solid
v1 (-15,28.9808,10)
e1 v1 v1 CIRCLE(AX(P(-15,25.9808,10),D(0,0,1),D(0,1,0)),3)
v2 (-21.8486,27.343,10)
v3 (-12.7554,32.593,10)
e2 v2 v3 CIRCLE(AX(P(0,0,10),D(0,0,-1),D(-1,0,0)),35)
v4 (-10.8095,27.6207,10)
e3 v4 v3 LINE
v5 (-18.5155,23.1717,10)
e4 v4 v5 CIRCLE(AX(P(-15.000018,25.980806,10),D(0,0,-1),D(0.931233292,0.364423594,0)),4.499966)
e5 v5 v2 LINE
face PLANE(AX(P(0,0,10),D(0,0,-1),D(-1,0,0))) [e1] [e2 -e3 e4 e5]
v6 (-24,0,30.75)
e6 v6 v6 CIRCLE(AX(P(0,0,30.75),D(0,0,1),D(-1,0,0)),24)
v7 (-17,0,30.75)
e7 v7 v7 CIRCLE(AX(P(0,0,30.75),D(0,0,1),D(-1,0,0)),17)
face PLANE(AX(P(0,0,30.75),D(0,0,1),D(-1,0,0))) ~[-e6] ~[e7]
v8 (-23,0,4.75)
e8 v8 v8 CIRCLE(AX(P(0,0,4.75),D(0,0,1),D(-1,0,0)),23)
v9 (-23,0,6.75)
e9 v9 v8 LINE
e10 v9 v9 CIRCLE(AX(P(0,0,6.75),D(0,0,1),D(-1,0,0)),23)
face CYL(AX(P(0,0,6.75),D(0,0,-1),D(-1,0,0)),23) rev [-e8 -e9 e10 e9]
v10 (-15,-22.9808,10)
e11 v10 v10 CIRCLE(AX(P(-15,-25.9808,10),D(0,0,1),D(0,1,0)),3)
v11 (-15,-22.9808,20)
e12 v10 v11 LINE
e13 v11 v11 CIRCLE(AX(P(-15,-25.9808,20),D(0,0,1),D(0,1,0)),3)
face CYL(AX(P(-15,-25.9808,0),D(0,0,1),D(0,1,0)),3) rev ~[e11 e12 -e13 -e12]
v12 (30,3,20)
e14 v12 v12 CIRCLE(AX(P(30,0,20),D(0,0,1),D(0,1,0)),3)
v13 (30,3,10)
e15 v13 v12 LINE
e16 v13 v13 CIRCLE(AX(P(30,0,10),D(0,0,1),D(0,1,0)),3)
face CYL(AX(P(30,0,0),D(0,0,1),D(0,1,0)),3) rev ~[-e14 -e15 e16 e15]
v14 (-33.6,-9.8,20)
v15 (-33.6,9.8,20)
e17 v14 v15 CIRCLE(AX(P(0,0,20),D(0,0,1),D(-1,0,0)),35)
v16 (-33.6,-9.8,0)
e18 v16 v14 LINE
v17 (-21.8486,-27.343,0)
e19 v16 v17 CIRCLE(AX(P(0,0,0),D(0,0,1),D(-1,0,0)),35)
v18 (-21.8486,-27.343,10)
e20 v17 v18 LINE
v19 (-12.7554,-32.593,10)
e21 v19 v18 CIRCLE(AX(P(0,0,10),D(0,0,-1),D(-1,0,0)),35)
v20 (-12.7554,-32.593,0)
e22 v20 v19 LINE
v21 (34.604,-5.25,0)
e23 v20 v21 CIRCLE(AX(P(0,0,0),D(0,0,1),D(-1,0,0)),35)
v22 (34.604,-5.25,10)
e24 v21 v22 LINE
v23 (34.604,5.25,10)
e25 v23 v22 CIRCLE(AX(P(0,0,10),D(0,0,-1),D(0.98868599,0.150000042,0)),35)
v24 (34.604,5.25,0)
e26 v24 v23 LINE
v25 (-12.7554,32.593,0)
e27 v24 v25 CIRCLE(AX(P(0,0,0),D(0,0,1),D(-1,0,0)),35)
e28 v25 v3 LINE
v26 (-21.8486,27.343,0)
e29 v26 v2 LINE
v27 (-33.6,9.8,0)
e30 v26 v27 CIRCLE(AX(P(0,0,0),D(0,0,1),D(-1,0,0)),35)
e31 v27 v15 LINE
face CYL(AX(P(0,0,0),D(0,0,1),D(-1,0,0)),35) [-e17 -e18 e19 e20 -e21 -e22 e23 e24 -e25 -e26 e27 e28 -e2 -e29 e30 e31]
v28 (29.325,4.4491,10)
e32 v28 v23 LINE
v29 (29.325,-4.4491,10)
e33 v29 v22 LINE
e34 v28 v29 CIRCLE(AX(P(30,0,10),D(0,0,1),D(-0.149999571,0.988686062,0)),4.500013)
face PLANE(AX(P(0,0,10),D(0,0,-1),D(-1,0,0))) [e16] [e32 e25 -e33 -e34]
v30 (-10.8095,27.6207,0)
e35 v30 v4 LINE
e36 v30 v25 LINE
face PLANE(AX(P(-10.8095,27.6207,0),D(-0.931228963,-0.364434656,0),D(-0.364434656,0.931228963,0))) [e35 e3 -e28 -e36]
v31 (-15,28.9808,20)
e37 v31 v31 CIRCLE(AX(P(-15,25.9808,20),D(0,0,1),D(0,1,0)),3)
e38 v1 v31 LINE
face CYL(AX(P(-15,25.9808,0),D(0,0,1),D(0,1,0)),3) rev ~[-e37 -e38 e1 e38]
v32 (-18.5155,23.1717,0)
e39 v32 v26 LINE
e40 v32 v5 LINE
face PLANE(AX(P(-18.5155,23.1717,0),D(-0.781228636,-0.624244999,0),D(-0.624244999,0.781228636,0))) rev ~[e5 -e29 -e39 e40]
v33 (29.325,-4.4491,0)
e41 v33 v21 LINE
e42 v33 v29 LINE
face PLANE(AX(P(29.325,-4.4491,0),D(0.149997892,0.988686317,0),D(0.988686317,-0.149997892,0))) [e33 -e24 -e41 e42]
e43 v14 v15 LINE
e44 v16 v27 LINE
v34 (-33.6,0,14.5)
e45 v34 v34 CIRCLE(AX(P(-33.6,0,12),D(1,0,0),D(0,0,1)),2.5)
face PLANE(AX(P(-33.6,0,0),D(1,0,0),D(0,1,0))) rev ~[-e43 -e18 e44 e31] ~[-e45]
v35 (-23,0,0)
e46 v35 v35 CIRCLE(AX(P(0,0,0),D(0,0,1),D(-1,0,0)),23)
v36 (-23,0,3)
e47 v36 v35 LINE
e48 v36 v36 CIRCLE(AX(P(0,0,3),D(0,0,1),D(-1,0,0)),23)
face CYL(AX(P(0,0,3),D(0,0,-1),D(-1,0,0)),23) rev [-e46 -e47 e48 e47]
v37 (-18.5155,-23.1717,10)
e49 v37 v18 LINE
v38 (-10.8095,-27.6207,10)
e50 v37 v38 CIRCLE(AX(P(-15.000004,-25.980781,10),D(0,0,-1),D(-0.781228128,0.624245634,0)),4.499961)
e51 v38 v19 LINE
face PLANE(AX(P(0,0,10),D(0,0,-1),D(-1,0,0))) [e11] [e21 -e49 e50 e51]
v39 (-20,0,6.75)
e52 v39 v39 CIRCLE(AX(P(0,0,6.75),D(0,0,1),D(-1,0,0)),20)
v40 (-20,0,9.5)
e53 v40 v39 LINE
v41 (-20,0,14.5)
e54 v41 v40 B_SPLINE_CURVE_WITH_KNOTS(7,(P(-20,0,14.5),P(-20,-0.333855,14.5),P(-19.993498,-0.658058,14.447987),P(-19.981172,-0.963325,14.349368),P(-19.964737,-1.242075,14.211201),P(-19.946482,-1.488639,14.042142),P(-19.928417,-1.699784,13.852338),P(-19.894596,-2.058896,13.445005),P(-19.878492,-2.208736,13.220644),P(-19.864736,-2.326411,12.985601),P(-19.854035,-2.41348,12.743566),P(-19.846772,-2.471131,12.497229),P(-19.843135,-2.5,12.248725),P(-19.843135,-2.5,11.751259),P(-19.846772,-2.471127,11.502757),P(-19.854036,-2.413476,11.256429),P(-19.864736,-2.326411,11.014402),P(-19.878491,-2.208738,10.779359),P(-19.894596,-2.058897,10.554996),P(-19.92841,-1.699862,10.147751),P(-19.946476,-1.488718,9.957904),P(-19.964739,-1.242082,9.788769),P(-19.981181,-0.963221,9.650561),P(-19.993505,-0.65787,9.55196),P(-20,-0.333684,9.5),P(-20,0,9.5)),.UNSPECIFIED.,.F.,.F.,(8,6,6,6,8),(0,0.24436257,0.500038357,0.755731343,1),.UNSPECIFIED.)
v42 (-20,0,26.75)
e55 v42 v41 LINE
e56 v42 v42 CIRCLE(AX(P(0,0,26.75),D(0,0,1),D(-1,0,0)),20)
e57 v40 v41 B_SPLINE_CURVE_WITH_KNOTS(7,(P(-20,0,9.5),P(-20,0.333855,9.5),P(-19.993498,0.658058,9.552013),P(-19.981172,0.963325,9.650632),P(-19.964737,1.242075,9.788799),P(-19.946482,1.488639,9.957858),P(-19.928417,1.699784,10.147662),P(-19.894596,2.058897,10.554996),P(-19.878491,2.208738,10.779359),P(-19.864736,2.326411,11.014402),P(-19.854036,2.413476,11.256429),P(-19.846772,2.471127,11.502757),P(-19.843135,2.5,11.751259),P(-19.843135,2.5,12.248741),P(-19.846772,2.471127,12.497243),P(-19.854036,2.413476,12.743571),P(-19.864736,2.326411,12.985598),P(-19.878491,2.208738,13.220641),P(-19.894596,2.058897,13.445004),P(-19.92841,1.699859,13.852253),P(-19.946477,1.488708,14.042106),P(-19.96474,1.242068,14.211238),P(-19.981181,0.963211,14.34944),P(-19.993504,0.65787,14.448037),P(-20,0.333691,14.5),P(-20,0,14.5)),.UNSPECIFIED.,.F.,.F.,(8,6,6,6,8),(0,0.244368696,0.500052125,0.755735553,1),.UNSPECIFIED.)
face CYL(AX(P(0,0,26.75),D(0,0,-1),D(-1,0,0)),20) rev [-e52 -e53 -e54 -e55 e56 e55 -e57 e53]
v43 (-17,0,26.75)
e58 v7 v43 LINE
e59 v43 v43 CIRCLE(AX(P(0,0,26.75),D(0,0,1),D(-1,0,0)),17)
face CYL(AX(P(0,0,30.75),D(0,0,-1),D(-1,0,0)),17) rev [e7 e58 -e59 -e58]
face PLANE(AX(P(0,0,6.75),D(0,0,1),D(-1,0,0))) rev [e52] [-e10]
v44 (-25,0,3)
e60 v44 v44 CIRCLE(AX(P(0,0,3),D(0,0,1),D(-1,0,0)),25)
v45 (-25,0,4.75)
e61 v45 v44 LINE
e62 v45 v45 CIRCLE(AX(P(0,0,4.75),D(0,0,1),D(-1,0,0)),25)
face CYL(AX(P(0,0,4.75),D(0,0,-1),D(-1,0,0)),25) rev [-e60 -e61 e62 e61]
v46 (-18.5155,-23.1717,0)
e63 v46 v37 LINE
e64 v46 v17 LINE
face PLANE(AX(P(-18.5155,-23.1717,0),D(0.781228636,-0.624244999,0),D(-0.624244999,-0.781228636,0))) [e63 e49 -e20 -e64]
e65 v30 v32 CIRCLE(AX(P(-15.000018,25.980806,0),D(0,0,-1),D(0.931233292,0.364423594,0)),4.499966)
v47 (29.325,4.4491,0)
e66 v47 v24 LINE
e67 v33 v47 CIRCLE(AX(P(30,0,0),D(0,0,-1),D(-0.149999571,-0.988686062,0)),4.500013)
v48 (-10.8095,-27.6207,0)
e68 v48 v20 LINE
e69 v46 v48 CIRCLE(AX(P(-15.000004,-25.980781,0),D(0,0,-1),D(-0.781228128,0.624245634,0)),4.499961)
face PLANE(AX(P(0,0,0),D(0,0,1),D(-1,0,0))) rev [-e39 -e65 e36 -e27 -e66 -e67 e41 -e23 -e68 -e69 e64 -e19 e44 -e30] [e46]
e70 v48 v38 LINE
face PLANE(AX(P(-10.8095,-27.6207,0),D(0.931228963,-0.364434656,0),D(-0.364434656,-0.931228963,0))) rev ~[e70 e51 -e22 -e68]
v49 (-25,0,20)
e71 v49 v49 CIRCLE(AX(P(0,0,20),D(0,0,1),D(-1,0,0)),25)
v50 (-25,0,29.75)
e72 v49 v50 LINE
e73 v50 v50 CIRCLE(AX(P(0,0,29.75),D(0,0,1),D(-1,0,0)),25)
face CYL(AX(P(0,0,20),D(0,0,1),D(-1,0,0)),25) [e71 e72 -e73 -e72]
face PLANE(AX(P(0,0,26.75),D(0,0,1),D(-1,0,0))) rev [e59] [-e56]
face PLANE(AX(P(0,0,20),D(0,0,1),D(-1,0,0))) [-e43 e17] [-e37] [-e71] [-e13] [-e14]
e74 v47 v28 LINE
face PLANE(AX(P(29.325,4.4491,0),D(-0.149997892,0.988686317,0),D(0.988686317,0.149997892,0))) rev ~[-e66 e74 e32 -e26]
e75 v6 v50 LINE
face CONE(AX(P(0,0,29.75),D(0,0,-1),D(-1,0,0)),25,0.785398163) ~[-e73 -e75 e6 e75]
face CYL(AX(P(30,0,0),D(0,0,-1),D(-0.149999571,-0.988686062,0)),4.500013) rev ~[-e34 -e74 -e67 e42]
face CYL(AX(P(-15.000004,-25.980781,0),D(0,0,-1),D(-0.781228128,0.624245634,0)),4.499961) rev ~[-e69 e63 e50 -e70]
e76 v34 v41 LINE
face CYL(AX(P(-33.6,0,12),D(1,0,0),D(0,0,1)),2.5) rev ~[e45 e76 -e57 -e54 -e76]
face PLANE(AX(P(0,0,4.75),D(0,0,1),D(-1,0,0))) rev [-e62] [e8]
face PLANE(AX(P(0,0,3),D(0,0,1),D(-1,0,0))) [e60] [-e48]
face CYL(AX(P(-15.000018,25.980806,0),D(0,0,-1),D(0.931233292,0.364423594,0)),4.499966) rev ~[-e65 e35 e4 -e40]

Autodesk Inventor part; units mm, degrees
ref_plane "XZ Plane" through (0, 0, 0) normal (0, 1, 0) x (-1, 0, 0)
ref_plane "XY Plane" through (0, 0, 0) normal (0, 0, 1) x (1, 0, 0)
sketch "Skizze1" plane through (0, 0, 0) normal (0, 1, 0) x (-1, 0, 0)
  line L0 (17, 30.75) -> (17, 26.75)
  line L1 (17, 26.75) -> (20, 26.75)
  line L2 (20, 26.75) -> (20, 6.75)
  line L3 (23, 0) -> (35, 0)
  line L4 (35, 0) -> (35, 20)
  line L5 (35, 20) -> (25, 20)
  line L6 (25, 20) -> (25, 30.75)
  line L7 (17, 30.75) -> (25, 30.75)
  line L8 (0, 0) -> (0, 48.4152)
  line L9 (20, 6.75) -> (23, 6.75)
  line L10 (23, 6.75) -> (23, 4.75)
  line L11 (23, 4.75) -> (25, 4.75)
  line L12 (25, 4.75) -> (25, 3)
  line L13 (25, 3) -> (23, 3)
  line L14 (23, 3) -> (23, 0)
  point P0 (17, 4)
  dimension "d1" = 40
  dimension "d3" = 20
  dimension "d4" = 70
  dimension "d5" = 50
  dimension "d7" = 4
  dimension "d10" = 2
  dimension "d11" = 1.75
  dimension "d12" = 3
  dimension "d13" = 3
  dimension "d14" = 2
  dimension "d15" = 34
  dimension "d16" = 20
revolve "Umdrehung1" add sketch "Skizze1" angle 360 about axis through (0, 0, 0) along (0, 0, 1)
sketch "Skizze2" plane through (0, 0, 0) normal (0, 0, -1) x (-1, 0, 0)
  circle A0 centre (0, 0) radius 23 projected
  circle A1 centre (0, 0) radius 35 projected
  arc A2 (-29.325, -4.4491) -> (-29.325, 4.4491) centre (-30, 0) ccw
  line L0 (-29.325, 4.4491) -> (-34.604, 5.25)
  line L1 (-29.325, -4.4491) -> (-34.604, -5.25)
  line L2 (49, 0) -> (-49, 0) projected
  line L3 (10.8095, -27.6207) -> (12.7554, -32.593)
  arc A3 (18.5155, -23.1717) -> (10.8095, -27.6207) centre (15, -25.9808) ccw
  line L4 (18.5155, -23.1717) -> (21.8486, -27.343)
  line L5 (18.5155, 23.1717) -> (21.8486, 27.343)
  arc A4 (10.8095, 27.6207) -> (18.5155, 23.1717) centre (15, 25.9808) ccw
  line L6 (10.8095, 27.6207) -> (12.7554, 32.593)
  arc A5 (21.8486, 27.343) -> (12.7554, 32.593) centre (0, 0) ccw
  arc A6 (12.7554, -32.593) -> (21.8486, -27.343) centre (0, 0) ccw
  arc A7 (-34.604, 5.25) -> (-34.604, -5.25) centre (0, 0) ccw
  dimension "d17" = 30
  dimension "d18" = 4.5
  dimension "d21" = 360
extrude "Extrusion1" cut sketch "Skizze2" against normal blind 10 contours L2 A1 L0 A2 | A2 L1 A1 L2 | L5 A4 L6 A1 | A1 L3 A3 L4
sketch "Skizze3" plane through (0, 0, 0) normal (0, 0, -1) x (-1, 0, 0)
  arc A0 (10.8095, 27.6207) -> (18.5155, 23.1717) centre (15, 25.9808) ccw projected
  arc A1 (-29.325, -4.4491) -> (-29.325, 4.4491) centre (-30, 0) ccw projected
  arc A2 (18.5155, -23.1717) -> (10.8095, -27.6207) centre (15, -25.9808) ccw projected
  point P0 (-30, 0)
  point P1 (15, 25.9808)
  point P2 (15, -25.9808)
hole "Bohrung1" at (30, 0, 0) at (-15, 25.9808, 0) at (-15, -25.9808, 0) direction (0, 0, 1) diameter 6 end through all
ref_plane "Arbeitsebene1" through (-40, 0, 0) normal (1, 0, 0) x (0, 1, 0)
sketch "Skizze4" plane through (-40, 0, 0) normal (1, 0, 0) x (0, 1, 0)
  line L0 (-25, 20) -> (25, 20) projected
  line L1 (10, 20) -> (-10, 20)
  line L2 (-10, 20) -> (-10, 0)
  line L3 (-10, 0) -> (10, 0)
  line L4 (10, 0) -> (10, 20)
  line L5 (-27.343, 0) -> (27.343, 0) projected
  line L6 (0, -4) -> (0, 24) projected
  point P0 (0, 0)
extrude "Extrusion2" cut sketch "Skizze4" along normal blind 6.4
sketch "Skizze5" plane through (-33.6, 0, 0) normal (-1, 0, 0) x (0, 0, 1)
  line L0 (-6.15, 0) -> (36.9, 0) projected
  line L1 (0, -9.8) -> (0, 9.8) projected
  point P0 (0, 0)
  point P1 (12, 0)
  dimension "d47" = 12
hole "Bohrung2" at (-33.6, 0, 12) direction (1, 0, 0) diameter 5 depth 20 tip angle 118
thread "Gewinde1" size "M6x1" class "6H" standard "ISO Metric profile" full length
chamfer "Fase1" distance 1 angle 45 1 edges at (25, 0, 30.75)
properties part number "KON_Nietmaschine_Deckel" material "Stahl"
